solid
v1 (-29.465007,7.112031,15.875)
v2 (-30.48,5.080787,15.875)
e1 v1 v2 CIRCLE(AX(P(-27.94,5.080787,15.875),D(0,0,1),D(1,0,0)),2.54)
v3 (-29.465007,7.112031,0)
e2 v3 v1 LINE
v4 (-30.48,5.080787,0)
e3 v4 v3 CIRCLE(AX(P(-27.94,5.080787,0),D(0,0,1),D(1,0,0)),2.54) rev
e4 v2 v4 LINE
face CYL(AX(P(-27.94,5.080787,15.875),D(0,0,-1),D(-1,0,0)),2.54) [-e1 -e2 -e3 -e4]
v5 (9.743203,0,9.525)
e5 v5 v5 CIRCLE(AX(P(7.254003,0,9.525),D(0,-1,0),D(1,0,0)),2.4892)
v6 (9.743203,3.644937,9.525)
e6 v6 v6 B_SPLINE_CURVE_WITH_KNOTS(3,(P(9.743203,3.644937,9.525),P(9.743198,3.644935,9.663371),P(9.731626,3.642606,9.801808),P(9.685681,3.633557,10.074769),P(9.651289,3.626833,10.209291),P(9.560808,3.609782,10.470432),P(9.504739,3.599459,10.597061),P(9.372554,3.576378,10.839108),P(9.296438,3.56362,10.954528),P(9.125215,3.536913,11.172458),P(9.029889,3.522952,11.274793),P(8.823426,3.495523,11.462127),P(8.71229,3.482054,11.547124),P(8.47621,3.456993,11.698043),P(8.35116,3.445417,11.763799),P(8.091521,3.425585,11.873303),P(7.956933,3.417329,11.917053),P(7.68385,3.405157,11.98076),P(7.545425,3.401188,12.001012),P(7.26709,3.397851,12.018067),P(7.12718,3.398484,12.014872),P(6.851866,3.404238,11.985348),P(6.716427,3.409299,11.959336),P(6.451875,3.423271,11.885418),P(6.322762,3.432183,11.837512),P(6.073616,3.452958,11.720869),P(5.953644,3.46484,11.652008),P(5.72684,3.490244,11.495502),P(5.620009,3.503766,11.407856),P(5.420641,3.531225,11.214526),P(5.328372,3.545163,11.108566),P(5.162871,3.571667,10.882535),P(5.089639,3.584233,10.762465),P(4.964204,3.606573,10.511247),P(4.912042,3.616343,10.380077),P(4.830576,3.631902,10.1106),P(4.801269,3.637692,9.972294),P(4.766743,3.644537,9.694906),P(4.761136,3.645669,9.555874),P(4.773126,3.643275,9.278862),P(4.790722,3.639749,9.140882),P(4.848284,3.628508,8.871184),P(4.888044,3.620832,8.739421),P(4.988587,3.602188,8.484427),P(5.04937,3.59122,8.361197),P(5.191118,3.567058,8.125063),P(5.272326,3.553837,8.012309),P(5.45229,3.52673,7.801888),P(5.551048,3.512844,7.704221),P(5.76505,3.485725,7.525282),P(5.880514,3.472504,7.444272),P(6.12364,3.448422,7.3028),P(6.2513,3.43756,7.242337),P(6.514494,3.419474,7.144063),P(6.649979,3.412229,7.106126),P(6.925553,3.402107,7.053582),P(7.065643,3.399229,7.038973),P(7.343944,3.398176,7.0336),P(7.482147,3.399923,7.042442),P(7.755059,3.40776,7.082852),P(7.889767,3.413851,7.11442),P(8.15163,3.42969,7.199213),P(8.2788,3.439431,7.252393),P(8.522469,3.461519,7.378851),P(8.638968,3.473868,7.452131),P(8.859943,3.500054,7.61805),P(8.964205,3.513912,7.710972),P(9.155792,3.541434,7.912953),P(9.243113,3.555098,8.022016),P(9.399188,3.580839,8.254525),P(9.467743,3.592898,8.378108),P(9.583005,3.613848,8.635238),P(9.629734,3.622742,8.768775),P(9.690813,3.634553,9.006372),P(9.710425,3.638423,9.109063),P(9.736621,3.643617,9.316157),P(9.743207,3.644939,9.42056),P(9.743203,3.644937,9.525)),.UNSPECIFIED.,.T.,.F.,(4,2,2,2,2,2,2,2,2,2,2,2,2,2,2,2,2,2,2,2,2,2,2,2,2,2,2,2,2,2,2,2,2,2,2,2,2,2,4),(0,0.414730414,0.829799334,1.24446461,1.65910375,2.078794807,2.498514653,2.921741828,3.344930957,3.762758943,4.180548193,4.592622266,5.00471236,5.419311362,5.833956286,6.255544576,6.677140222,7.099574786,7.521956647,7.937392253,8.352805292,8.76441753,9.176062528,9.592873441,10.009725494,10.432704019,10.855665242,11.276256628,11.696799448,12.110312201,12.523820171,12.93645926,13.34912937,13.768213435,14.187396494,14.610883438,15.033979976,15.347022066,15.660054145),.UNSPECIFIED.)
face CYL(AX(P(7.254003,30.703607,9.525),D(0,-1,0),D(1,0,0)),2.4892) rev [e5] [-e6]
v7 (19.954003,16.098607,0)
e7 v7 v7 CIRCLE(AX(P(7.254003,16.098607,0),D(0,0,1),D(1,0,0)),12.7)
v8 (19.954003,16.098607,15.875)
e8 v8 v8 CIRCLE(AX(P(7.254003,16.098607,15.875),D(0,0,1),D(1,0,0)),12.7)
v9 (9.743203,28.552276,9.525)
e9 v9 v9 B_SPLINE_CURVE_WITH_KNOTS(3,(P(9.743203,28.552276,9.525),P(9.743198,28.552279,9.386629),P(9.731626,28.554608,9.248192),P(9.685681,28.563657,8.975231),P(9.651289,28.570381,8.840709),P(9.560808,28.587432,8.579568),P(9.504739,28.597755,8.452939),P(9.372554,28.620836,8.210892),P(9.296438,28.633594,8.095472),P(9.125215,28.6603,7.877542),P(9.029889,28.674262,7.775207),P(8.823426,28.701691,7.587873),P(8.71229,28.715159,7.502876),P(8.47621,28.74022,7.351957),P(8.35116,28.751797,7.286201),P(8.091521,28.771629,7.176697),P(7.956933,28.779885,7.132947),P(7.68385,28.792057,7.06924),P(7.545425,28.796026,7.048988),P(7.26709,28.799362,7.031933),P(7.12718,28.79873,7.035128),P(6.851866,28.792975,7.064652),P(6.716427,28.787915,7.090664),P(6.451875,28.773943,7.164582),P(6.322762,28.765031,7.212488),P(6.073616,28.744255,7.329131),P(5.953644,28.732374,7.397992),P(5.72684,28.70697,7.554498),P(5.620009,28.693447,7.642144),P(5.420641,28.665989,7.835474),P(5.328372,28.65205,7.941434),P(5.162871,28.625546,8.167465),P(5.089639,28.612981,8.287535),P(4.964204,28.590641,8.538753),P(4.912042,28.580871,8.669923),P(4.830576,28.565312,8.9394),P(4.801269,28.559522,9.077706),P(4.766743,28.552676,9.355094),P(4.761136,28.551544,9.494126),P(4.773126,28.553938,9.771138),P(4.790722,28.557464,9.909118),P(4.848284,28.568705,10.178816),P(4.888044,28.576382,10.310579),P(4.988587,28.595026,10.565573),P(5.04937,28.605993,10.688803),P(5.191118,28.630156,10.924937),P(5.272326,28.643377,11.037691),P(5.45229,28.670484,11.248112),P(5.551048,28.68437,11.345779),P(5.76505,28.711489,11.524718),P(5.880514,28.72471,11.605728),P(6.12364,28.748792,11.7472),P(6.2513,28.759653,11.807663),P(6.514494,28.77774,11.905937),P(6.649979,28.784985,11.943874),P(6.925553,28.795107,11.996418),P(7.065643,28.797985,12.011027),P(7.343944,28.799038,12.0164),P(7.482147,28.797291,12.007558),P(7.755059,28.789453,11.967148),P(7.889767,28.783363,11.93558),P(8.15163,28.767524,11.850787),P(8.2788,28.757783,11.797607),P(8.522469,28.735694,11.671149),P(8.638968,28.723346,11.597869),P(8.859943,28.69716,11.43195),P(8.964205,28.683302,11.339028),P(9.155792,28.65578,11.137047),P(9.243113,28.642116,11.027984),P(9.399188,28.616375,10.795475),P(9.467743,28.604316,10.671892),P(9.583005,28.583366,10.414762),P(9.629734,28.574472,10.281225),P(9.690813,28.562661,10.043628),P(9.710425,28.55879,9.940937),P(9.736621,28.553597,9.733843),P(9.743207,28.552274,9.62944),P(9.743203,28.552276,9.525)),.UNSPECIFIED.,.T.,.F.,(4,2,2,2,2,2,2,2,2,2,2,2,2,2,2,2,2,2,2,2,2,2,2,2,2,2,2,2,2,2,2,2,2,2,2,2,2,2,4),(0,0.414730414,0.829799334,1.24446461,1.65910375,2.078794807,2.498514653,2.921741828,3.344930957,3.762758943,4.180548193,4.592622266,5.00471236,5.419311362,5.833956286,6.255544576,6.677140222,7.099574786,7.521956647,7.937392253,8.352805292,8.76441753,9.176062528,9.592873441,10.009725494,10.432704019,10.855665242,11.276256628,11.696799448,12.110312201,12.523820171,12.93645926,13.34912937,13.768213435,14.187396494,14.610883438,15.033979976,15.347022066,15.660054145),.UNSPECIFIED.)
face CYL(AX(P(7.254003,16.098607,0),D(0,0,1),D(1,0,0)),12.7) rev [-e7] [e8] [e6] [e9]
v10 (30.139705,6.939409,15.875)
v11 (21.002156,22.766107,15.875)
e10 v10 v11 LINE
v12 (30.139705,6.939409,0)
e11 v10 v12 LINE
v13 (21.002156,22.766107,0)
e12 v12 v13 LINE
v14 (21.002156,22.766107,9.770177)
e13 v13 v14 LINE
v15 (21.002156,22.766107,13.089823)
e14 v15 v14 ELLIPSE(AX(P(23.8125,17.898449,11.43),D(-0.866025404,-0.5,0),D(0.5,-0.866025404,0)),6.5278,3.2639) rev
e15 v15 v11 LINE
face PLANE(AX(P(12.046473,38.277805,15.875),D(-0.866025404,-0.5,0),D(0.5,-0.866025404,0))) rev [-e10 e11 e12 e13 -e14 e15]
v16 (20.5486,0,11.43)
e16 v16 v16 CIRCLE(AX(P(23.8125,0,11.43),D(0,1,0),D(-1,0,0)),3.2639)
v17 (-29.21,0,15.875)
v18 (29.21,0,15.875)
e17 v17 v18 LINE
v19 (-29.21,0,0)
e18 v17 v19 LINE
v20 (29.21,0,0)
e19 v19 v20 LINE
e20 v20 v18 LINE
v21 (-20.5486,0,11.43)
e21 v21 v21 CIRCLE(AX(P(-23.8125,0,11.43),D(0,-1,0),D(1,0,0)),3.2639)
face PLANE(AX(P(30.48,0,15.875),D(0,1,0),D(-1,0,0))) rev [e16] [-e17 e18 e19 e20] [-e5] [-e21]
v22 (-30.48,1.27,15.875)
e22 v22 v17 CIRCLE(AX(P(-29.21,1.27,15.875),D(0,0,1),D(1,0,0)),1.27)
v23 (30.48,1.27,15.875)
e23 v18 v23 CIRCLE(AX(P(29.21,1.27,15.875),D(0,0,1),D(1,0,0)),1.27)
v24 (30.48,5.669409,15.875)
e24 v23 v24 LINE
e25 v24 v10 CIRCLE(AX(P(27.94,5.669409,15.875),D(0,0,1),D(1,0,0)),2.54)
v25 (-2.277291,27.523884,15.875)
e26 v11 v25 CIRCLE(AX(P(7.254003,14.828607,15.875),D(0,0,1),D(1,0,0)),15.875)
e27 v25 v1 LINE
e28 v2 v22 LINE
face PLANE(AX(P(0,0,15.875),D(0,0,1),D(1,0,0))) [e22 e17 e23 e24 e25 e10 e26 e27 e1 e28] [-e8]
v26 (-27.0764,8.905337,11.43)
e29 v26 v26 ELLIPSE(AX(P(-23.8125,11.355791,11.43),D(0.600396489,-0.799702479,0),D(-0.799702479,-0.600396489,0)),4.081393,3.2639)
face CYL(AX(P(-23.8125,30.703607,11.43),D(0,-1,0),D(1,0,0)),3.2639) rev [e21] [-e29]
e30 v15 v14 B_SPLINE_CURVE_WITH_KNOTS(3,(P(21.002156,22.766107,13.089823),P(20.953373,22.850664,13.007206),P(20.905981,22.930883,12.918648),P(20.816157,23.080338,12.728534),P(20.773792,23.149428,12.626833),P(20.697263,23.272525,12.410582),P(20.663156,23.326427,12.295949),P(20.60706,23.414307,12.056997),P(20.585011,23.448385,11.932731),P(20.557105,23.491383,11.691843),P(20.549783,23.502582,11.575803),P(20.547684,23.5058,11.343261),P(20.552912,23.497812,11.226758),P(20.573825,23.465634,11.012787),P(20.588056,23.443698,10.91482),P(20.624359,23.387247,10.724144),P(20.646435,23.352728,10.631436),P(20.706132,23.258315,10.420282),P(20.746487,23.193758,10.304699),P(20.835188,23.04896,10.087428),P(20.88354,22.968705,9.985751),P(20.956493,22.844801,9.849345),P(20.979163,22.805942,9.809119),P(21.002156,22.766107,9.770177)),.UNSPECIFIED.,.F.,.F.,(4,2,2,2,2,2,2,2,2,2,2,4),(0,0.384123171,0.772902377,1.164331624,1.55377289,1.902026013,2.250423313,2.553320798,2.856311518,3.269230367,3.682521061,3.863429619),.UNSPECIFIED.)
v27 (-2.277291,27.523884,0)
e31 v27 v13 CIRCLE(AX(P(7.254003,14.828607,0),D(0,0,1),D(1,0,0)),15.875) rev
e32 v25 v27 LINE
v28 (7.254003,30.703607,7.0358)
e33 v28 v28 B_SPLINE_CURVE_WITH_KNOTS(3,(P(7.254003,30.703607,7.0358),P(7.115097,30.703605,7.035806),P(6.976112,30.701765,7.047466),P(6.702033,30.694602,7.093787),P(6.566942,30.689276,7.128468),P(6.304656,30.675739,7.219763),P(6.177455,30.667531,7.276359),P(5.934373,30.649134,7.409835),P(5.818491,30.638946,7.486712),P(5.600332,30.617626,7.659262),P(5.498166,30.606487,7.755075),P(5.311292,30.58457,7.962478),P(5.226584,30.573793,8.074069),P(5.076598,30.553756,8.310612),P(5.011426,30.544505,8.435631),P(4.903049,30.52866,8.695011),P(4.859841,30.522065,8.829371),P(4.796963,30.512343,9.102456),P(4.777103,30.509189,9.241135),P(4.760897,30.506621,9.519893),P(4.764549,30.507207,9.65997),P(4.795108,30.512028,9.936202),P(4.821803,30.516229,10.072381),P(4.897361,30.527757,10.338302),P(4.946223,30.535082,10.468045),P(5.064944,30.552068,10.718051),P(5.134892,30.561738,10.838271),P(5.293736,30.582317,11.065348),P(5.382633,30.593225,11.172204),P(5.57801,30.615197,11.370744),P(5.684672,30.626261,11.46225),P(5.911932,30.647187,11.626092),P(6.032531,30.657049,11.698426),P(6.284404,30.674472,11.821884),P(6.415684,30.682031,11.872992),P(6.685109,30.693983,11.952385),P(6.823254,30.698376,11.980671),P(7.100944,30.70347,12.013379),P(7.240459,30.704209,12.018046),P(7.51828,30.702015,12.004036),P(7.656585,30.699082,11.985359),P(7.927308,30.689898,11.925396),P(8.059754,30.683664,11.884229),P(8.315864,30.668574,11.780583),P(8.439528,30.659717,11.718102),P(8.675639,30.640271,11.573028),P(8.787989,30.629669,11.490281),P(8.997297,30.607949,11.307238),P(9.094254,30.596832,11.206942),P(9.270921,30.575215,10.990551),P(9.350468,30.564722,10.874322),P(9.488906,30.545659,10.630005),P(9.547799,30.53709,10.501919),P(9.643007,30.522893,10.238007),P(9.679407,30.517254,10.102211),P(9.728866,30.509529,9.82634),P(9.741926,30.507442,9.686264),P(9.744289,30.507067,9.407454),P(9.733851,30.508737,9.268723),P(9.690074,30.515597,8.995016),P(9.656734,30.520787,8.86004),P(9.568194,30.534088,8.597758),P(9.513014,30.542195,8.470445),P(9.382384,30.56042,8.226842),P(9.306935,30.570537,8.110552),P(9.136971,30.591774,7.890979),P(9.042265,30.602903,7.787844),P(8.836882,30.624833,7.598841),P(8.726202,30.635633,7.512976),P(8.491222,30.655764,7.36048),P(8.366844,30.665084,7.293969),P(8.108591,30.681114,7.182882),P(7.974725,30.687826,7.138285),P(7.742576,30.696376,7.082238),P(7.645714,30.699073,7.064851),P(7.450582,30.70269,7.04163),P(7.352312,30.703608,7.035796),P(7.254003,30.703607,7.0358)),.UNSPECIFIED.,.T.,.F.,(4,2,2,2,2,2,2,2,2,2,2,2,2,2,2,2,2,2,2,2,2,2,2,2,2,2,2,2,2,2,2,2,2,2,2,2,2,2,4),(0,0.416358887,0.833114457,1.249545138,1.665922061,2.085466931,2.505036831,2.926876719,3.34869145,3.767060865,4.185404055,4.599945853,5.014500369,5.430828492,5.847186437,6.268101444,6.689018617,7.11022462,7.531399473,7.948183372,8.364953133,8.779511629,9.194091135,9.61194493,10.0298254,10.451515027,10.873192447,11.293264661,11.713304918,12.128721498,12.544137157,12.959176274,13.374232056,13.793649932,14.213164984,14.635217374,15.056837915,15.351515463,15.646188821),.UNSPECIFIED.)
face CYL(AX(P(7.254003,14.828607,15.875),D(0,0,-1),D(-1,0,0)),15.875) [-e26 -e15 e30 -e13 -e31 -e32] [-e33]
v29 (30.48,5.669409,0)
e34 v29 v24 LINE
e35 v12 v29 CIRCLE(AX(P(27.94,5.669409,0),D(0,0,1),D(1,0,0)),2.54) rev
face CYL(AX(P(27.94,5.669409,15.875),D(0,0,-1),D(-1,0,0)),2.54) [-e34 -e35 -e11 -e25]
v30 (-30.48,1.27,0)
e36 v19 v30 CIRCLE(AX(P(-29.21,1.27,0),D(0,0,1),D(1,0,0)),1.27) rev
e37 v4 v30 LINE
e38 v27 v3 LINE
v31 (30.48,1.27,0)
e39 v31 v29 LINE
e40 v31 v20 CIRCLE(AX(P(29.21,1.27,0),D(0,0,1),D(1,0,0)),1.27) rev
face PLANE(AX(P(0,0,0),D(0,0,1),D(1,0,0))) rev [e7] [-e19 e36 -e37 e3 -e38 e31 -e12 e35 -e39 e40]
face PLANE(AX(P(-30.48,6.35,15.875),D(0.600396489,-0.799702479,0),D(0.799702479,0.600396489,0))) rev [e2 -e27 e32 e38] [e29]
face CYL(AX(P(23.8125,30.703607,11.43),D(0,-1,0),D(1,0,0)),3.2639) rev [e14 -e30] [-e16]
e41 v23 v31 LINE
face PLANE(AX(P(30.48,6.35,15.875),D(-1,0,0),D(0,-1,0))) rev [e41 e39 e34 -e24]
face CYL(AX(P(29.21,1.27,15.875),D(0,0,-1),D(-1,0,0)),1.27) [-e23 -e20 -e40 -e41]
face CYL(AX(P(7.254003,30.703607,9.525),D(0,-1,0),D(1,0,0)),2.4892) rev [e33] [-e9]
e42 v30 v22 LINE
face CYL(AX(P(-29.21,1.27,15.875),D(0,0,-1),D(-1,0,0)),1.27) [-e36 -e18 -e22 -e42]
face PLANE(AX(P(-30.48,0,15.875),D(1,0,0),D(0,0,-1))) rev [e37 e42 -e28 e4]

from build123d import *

# Parameters (mm, degrees)
SALIENTE_EXTRUIR1_DEPTH = 15.875
REDONDEO1_R             = 15.875
CORTAR_EXTRUIR1_REACH   = 48.084
CROQUIS2_R              = 9.525
CROQUIS3_R              = 12.7
CORTAR_EXTRUIR2_DEPTH   = 47.084243503
CROQUIS4_R              = 3.2639
CROQUIS4_R_2            = 2.4892
CORTAR_EXTRUIR3_DEPTH   = 47.084243503
REDONDEO2_R             = 2.54
REDONDEO3_R             = 1.27


with BuildPart() as part:
    # Croquis1 → Saliente-Extruir1 (new body)
    with BuildSketch(Plane.XY):
        Polygon((30.48, 0), (-30.48, 0), (-30.48, 6.35), (12.046472996, 38.277805334), (30.48, 6.35), align=None)
    extrude(amount=SALIENTE_EXTRUIR1_DEPTH)

    # Redondeo1
    redondeo1_edges = [part.edges().sort_by_distance(p)[0] for p in [
        (12.046472996, 38.277805334, 7.9375),
    ]]
    fillet(redondeo1_edges, radius=REDONDEO1_R)

    # Croquis2 → Cortar-Extruir1 (cut, up to next)
    with BuildSketch(Plane.XY.offset(15.875), mode=Mode.PRIVATE) as cortar_extruir1_sk1:
        with Locations((7.254003, 16.09860686)):
            Circle(CROQUIS2_R)
    cortar_extruir1_tool1 = extrude(cortar_extruir1_sk1.sketch, amount=-CORTAR_EXTRUIR1_REACH, mode=Mode.PRIVATE) & part.part
    add(cortar_extruir1_tool1.solids().sort_by_distance((7.254003, 16.098607, 15.875))[0], mode=Mode.SUBTRACT)

    # Croquis3 → Cortar-Extruir2 (cut, through all)
    with BuildSketch(Plane.XY.offset(15.875)):
        with Locations((7.254003, 16.09860686)):
            Circle(CROQUIS3_R)
    extrude(amount=-CORTAR_EXTRUIR2_DEPTH, mode=Mode.SUBTRACT)

    # Croquis4 → Cortar-Extruir3 (cut, through all)
    with BuildSketch(Plane.XZ):
        with Locations((-23.8125, 11.43)):
            Circle(CROQUIS4_R)
        with Locations(Location((23.8125, 11.43, 0), (0, 0, 210.56660833))):
            Circle(CROQUIS4_R)
        with Locations((7.254003, 9.525)):
            Circle(CROQUIS4_R_2)
    extrude(amount=-CORTAR_EXTRUIR3_DEPTH, mode=Mode.SUBTRACT)

    # Redondeo2
    redondeo2_edges = [part.edges().sort_by_distance(p)[0] for p in [
        (-30.48, 6.35, 7.9375),
        (30.48, 6.35, 7.9375),
    ]]
    fillet(redondeo2_edges, radius=REDONDEO2_R)

    # Redondeo3
    redondeo3_edges = [part.edges().sort_by_distance(p)[0] for p in [
        (30.48, 0, 7.9375),
        (-30.48, 0, 7.9375),
    ]]
    fillet(redondeo3_edges, radius=REDONDEO3_R)


solid = part.part
